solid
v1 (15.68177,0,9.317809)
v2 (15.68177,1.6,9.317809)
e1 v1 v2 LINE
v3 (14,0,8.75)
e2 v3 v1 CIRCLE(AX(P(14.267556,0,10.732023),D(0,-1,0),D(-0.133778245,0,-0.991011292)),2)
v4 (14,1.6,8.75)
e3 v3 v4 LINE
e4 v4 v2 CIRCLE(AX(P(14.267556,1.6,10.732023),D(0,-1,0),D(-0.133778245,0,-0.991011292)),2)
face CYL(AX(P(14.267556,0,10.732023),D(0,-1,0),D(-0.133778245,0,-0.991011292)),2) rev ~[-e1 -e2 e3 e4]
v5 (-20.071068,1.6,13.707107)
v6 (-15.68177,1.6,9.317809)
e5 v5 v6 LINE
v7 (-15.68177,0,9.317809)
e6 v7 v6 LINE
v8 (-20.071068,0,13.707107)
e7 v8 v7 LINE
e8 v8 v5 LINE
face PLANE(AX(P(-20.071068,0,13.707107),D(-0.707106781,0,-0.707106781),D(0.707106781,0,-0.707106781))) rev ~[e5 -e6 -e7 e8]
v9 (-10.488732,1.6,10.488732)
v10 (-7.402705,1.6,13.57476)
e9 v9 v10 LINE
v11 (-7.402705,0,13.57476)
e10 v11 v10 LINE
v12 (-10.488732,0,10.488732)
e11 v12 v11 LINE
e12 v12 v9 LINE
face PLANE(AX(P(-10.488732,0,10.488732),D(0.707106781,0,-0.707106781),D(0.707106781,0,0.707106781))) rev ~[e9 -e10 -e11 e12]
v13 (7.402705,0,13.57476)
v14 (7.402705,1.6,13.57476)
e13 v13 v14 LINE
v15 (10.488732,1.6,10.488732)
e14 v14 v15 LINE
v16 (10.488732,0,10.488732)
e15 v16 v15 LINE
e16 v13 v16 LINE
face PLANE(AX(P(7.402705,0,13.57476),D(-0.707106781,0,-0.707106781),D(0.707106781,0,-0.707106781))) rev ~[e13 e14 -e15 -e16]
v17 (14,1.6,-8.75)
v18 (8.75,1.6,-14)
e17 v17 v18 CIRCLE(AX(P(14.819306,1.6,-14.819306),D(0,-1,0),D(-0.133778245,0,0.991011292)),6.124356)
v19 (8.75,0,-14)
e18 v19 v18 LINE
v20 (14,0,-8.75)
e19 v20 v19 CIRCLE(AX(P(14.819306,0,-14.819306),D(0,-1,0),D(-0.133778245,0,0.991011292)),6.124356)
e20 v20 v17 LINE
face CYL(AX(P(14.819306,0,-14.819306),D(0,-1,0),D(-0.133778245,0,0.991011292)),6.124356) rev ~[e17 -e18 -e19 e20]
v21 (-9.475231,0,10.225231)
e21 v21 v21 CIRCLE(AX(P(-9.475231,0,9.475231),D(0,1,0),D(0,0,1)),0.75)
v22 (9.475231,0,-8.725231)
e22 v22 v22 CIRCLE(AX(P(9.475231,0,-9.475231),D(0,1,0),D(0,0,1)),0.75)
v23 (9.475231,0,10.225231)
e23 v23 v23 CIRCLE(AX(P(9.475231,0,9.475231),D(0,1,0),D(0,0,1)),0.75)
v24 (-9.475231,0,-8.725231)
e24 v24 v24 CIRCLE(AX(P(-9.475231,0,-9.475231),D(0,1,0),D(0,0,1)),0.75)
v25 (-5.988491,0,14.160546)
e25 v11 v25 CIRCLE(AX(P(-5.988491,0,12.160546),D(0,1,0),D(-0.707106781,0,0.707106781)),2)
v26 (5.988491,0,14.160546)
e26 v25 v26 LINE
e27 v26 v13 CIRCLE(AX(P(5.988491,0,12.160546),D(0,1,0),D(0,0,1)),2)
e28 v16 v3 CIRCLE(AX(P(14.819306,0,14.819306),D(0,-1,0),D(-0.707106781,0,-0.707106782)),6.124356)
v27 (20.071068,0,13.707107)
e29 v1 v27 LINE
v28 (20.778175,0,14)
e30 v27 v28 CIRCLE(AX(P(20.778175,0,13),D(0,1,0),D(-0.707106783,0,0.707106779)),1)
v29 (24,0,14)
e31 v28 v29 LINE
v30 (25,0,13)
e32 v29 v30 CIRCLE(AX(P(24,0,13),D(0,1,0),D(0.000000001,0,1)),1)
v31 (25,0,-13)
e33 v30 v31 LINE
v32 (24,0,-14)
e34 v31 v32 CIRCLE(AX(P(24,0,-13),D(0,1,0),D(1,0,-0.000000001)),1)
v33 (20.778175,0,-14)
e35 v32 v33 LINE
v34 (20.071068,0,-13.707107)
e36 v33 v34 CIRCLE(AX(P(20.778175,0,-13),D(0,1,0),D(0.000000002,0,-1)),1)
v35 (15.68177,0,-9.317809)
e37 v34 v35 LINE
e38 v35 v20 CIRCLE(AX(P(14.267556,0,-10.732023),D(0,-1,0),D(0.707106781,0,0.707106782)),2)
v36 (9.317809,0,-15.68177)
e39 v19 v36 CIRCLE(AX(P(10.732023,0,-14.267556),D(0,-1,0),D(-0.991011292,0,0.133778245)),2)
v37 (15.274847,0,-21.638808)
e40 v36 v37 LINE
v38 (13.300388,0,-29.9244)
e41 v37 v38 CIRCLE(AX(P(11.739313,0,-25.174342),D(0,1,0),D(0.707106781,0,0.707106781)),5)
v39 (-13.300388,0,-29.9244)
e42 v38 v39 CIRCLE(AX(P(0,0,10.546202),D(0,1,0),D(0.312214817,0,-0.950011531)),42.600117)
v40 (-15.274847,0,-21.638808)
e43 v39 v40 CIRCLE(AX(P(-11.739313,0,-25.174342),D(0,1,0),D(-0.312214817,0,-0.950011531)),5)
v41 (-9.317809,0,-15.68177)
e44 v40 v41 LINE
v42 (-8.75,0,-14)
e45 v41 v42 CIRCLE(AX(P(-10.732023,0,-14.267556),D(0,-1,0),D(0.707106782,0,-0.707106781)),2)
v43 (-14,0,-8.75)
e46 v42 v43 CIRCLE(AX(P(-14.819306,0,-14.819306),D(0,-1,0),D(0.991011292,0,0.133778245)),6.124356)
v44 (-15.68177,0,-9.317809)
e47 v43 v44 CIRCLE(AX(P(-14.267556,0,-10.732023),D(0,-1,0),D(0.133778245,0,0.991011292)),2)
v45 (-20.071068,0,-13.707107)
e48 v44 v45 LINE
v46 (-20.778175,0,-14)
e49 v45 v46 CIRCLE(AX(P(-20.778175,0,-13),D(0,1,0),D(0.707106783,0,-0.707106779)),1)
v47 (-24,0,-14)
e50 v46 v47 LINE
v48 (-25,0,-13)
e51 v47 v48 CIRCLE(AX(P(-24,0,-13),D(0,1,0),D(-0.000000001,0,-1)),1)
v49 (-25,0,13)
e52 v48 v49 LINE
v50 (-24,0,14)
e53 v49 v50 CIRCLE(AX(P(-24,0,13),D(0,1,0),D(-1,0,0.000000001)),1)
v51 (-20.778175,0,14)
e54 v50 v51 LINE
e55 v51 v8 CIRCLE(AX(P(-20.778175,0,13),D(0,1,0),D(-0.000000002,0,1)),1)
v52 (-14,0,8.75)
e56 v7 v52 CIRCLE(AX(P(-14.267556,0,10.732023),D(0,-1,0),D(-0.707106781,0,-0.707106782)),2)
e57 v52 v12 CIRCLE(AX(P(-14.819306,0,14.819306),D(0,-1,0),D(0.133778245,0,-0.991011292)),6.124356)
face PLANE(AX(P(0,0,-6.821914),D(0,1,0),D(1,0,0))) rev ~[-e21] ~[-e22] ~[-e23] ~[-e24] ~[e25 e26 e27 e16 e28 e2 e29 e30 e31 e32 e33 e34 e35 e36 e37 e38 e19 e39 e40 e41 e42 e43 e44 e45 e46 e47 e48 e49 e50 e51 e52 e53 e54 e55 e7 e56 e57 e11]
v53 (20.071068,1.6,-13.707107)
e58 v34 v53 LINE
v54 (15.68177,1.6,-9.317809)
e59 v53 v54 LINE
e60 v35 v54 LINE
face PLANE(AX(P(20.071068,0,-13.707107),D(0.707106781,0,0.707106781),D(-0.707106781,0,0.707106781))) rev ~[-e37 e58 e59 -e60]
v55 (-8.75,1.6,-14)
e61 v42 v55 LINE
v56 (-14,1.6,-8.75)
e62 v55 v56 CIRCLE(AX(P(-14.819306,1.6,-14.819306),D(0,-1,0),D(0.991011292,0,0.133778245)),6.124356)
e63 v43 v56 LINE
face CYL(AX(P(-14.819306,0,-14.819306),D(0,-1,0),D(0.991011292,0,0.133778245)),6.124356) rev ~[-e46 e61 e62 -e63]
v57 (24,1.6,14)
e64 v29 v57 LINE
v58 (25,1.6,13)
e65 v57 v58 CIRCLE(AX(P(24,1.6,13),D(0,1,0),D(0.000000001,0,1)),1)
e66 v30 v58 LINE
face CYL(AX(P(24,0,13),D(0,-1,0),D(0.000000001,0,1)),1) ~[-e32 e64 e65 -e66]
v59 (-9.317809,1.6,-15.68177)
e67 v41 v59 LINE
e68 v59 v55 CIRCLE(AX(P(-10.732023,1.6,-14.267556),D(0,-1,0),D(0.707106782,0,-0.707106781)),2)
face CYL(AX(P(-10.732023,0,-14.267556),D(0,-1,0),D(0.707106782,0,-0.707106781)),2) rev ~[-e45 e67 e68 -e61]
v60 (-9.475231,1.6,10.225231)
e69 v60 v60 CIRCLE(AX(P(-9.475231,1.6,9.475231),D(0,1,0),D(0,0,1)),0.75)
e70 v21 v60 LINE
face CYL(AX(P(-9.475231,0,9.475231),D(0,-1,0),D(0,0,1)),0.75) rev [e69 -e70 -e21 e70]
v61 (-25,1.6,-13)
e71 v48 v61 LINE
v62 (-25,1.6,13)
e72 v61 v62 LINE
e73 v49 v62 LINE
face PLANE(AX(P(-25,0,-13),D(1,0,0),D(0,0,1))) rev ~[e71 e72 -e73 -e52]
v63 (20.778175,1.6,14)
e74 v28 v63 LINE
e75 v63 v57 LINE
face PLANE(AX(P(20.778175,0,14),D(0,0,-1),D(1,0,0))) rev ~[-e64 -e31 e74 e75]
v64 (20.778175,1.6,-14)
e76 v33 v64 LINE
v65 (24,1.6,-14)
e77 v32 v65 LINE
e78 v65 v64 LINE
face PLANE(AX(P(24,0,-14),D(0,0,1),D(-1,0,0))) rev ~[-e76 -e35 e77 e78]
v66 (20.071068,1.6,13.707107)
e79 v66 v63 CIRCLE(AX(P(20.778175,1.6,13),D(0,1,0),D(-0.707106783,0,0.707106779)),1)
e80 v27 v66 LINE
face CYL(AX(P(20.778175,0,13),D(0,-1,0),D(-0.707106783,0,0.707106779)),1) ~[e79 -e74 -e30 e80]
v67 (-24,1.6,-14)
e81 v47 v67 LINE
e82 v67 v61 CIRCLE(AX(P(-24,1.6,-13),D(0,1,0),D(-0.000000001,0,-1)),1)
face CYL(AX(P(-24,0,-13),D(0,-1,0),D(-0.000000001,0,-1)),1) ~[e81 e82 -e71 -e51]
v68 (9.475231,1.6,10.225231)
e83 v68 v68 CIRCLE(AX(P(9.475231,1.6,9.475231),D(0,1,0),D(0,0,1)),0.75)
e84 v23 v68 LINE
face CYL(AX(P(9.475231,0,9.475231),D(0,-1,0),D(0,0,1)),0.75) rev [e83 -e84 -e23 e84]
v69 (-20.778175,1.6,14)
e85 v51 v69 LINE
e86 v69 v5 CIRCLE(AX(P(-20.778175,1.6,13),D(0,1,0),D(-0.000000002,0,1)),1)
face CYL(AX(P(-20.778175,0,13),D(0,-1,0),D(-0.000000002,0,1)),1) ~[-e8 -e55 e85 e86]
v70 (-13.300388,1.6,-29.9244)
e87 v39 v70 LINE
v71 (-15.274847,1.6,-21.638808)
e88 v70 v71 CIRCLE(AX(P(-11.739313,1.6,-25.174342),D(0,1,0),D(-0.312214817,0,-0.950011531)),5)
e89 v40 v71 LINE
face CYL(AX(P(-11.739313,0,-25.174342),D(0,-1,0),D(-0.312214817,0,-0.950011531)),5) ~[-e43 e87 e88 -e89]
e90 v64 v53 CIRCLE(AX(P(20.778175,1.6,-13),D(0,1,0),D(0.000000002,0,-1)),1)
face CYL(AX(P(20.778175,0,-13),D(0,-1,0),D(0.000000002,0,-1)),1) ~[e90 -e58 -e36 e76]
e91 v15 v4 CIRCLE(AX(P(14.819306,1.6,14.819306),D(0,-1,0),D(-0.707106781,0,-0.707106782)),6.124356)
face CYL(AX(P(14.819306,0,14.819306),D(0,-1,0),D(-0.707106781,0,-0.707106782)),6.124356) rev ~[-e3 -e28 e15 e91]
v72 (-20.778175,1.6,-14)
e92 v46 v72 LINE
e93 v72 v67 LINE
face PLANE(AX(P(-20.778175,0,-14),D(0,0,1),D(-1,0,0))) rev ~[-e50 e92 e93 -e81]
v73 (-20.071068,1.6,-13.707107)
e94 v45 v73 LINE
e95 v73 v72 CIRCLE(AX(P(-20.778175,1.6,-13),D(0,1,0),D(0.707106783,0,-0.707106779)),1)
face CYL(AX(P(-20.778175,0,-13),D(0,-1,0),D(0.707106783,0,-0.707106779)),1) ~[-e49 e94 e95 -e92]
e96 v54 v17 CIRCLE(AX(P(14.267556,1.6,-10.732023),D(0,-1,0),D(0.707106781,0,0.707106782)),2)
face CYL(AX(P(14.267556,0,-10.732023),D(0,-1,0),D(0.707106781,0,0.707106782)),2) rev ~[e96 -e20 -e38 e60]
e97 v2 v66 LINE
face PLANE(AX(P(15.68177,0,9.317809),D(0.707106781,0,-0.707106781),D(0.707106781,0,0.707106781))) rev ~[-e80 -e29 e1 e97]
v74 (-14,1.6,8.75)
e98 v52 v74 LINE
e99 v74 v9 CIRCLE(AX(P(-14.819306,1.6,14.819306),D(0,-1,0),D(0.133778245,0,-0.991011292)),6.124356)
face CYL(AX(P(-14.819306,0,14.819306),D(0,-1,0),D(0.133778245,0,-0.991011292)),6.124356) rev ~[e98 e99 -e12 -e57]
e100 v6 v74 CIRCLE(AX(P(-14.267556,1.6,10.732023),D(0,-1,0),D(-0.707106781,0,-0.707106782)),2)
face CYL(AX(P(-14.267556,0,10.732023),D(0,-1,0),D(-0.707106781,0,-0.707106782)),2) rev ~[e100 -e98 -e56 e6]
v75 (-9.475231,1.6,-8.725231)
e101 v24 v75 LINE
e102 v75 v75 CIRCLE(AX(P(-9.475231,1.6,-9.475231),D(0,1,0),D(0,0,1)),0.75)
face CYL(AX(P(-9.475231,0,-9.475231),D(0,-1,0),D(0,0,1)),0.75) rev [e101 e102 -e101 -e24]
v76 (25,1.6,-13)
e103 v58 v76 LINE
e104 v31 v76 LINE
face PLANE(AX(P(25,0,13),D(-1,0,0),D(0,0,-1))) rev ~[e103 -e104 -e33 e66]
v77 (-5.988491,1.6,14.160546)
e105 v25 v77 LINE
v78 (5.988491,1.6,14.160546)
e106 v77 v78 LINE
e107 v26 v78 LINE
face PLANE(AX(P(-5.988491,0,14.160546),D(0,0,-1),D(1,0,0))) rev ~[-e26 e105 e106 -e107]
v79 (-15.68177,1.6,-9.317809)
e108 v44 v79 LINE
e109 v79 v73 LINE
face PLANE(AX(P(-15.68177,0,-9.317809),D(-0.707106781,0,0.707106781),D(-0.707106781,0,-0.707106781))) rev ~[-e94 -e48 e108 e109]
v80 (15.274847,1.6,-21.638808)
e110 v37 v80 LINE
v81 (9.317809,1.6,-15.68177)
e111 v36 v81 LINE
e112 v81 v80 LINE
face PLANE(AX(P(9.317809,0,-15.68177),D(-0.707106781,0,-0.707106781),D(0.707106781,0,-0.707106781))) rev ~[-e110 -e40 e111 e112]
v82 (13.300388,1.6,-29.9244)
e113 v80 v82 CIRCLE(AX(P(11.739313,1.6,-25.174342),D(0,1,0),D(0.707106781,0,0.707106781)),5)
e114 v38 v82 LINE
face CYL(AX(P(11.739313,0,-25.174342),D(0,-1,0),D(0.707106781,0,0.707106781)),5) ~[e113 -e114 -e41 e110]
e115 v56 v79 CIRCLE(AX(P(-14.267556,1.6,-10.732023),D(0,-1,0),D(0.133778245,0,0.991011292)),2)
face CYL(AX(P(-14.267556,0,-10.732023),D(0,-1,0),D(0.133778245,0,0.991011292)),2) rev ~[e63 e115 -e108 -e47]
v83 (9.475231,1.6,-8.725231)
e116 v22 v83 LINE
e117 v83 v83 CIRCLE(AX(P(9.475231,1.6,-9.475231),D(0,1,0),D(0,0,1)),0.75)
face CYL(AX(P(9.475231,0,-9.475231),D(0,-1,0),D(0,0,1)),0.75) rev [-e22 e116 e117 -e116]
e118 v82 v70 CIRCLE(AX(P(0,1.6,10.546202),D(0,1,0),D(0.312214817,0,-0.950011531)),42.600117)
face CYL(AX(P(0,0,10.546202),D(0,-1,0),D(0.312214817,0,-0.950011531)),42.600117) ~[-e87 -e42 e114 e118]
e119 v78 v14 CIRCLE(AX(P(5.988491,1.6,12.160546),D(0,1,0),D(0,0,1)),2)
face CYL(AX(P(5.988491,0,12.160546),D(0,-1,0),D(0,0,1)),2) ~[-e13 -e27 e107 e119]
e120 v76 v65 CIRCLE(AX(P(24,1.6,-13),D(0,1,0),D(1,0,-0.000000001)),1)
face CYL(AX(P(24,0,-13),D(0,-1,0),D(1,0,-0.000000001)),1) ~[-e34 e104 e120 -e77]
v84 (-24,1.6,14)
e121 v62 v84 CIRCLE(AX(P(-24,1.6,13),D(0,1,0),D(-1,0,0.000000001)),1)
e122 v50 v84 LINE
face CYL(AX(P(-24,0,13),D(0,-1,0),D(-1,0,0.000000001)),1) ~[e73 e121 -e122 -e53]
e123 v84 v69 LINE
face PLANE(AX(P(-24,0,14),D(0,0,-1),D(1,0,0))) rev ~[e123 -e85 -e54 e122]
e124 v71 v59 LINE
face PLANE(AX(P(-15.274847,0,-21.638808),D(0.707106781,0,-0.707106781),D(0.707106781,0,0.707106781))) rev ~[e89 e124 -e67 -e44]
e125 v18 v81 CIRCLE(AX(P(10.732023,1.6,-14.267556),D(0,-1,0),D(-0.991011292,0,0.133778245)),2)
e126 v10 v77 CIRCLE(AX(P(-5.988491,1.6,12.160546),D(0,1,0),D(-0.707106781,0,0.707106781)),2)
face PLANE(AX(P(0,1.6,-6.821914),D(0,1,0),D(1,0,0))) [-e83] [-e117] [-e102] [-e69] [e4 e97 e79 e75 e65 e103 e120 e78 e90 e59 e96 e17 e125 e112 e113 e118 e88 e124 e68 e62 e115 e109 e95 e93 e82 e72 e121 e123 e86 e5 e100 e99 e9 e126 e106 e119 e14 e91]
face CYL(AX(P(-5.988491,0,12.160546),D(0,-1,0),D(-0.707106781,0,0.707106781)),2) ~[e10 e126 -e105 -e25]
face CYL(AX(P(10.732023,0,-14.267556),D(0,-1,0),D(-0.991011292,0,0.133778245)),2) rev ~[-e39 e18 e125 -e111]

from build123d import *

# Parameters (mm, degrees)
SKETCH1_R           = 0.75
BOSS_EXTRUDE1_DEPTH = 1.6


with BuildPart() as part:
    # Sketch1 → Boss-Extrude1 (new body)
    with BuildSketch(Plane(origin=(0, 0, 0), x_dir=(1, 0, 0), z_dir=(0, 1, 0))):
        with BuildLine():
            Line((-20.071067812, -13.707106781), (-15.681770053, -9.317809022))
            ThreePointArc((-15.681770053, -9.317809022), (-14.907327841, -8.837110286), (-14, -8.75))
            ThreePointArc((-14, -8.75), (-12.101565565, -9.330988792), (-10.488732177, -10.488732177))
            Line((-10.488732177, -10.488732177), (-7.402704805, -13.57475955))
            ThreePointArc((-7.402704805, -13.57475955), (-6.753858107, -14.008305053), (-5.988491243, -14.160545988))
            Line((-5.988491243, -14.160545988), (5.988491243, -14.160545988))
            ThreePointArc((5.988491243, -14.160545988), (6.753858107, -14.008305053), (7.402704805, -13.57475955))
            Line((7.402704805, -13.57475955), (10.488732177, -10.488732177))
            ThreePointArc((10.488732177, -10.488732177), (12.101565565, -9.330988792), (14, -8.75))
            ThreePointArc((14, -8.75), (14.907327841, -8.837110286), (15.681770053, -9.317809022))
            Line((15.681770053, -9.317809022), (20.071067812, -13.707106781))
            ThreePointArc((20.071067812, -13.707106781), (20.395491161, -13.923879533), (20.778174593, -14))
            Line((20.778174593, -14), (24, -14))
            ThreePointArc((24, -14), (24.707106781, -13.707106781), (25, -13))
            Line((25, -13), (25, 13))
            ThreePointArc((25, 13), (24.707106781, 13.707106781), (24, 14))
            Line((24, 14), (20.778174593, 14))
            ThreePointArc((20.778174593, 14), (20.395491161, 13.923879533), (20.071067812, 13.707106781))
            Line((20.071067812, 13.707106781), (15.681770053, 9.317809022))
            ThreePointArc((15.681770053, 9.317809022), (14.907327841, 8.837110286), (14, 8.75))
            ThreePointArc((14, 8.75), (10.488732177, 10.488732177), (8.75, 14))
            ThreePointArc((8.75, 14), (8.837110286, 14.907327841), (9.317809022, 15.681770053))
            Line((9.317809022, 15.681770053), (15.27484739, 21.638808421))
            ThreePointArc((15.27484739, 21.638808421), (16.603119619, 26.333389297), (13.300387568, 29.924399979))
            ThreePointArc((13.300387568, 29.924399979), (0, 32.053914601), (-13.300387568, 29.924399979))
            ThreePointArc((-13.300387568, 29.924399979), (-16.603119619, 26.333389297), (-15.27484739, 21.638808421))
            Line((-15.27484739, 21.638808421), (-9.317809022, 15.681770053))
            ThreePointArc((-9.317809022, 15.681770053), (-8.837110286, 14.907327841), (-8.75, 14))
            ThreePointArc((-8.75, 14), (-10.488732177, 10.488732177), (-14, 8.75))
            ThreePointArc((-14, 8.75), (-14.907327841, 8.837110286), (-15.681770053, 9.317809022))
            Line((-15.681770053, 9.317809022), (-20.071067812, 13.707106781))
            ThreePointArc((-20.071067812, 13.707106781), (-20.395491161, 13.923879533), (-20.778174593, 14))
            Line((-20.778174593, 14), (-24, 14))
            ThreePointArc((-24, 14), (-24.707106781, 13.707106781), (-25, 13))
            Line((-25, 13), (-25, -13))
            ThreePointArc((-25, -13), (-24.707106781, -13.707106781), (-24, -14))
            Line((-24, -14), (-20.778174593, -14))
            ThreePointArc((-20.778174593, -14), (-20.395491161, -13.923879533), (-20.071067812, -13.707106781))
        make_face()
        with Locations((-9.475230868, 9.475230868)):
            Circle(SKETCH1_R, mode=Mode.SUBTRACT)
        with Locations((9.475230868, -9.475230868)):
            Circle(SKETCH1_R, mode=Mode.SUBTRACT)
        with Locations((9.475230868, 9.475230868)):
            Circle(SKETCH1_R, mode=Mode.SUBTRACT)
        with Locations((-9.475230868, -9.475230868)):
            Circle(SKETCH1_R, mode=Mode.SUBTRACT)
    extrude(amount=BOSS_EXTRUDE1_DEPTH)


solid = part.part
